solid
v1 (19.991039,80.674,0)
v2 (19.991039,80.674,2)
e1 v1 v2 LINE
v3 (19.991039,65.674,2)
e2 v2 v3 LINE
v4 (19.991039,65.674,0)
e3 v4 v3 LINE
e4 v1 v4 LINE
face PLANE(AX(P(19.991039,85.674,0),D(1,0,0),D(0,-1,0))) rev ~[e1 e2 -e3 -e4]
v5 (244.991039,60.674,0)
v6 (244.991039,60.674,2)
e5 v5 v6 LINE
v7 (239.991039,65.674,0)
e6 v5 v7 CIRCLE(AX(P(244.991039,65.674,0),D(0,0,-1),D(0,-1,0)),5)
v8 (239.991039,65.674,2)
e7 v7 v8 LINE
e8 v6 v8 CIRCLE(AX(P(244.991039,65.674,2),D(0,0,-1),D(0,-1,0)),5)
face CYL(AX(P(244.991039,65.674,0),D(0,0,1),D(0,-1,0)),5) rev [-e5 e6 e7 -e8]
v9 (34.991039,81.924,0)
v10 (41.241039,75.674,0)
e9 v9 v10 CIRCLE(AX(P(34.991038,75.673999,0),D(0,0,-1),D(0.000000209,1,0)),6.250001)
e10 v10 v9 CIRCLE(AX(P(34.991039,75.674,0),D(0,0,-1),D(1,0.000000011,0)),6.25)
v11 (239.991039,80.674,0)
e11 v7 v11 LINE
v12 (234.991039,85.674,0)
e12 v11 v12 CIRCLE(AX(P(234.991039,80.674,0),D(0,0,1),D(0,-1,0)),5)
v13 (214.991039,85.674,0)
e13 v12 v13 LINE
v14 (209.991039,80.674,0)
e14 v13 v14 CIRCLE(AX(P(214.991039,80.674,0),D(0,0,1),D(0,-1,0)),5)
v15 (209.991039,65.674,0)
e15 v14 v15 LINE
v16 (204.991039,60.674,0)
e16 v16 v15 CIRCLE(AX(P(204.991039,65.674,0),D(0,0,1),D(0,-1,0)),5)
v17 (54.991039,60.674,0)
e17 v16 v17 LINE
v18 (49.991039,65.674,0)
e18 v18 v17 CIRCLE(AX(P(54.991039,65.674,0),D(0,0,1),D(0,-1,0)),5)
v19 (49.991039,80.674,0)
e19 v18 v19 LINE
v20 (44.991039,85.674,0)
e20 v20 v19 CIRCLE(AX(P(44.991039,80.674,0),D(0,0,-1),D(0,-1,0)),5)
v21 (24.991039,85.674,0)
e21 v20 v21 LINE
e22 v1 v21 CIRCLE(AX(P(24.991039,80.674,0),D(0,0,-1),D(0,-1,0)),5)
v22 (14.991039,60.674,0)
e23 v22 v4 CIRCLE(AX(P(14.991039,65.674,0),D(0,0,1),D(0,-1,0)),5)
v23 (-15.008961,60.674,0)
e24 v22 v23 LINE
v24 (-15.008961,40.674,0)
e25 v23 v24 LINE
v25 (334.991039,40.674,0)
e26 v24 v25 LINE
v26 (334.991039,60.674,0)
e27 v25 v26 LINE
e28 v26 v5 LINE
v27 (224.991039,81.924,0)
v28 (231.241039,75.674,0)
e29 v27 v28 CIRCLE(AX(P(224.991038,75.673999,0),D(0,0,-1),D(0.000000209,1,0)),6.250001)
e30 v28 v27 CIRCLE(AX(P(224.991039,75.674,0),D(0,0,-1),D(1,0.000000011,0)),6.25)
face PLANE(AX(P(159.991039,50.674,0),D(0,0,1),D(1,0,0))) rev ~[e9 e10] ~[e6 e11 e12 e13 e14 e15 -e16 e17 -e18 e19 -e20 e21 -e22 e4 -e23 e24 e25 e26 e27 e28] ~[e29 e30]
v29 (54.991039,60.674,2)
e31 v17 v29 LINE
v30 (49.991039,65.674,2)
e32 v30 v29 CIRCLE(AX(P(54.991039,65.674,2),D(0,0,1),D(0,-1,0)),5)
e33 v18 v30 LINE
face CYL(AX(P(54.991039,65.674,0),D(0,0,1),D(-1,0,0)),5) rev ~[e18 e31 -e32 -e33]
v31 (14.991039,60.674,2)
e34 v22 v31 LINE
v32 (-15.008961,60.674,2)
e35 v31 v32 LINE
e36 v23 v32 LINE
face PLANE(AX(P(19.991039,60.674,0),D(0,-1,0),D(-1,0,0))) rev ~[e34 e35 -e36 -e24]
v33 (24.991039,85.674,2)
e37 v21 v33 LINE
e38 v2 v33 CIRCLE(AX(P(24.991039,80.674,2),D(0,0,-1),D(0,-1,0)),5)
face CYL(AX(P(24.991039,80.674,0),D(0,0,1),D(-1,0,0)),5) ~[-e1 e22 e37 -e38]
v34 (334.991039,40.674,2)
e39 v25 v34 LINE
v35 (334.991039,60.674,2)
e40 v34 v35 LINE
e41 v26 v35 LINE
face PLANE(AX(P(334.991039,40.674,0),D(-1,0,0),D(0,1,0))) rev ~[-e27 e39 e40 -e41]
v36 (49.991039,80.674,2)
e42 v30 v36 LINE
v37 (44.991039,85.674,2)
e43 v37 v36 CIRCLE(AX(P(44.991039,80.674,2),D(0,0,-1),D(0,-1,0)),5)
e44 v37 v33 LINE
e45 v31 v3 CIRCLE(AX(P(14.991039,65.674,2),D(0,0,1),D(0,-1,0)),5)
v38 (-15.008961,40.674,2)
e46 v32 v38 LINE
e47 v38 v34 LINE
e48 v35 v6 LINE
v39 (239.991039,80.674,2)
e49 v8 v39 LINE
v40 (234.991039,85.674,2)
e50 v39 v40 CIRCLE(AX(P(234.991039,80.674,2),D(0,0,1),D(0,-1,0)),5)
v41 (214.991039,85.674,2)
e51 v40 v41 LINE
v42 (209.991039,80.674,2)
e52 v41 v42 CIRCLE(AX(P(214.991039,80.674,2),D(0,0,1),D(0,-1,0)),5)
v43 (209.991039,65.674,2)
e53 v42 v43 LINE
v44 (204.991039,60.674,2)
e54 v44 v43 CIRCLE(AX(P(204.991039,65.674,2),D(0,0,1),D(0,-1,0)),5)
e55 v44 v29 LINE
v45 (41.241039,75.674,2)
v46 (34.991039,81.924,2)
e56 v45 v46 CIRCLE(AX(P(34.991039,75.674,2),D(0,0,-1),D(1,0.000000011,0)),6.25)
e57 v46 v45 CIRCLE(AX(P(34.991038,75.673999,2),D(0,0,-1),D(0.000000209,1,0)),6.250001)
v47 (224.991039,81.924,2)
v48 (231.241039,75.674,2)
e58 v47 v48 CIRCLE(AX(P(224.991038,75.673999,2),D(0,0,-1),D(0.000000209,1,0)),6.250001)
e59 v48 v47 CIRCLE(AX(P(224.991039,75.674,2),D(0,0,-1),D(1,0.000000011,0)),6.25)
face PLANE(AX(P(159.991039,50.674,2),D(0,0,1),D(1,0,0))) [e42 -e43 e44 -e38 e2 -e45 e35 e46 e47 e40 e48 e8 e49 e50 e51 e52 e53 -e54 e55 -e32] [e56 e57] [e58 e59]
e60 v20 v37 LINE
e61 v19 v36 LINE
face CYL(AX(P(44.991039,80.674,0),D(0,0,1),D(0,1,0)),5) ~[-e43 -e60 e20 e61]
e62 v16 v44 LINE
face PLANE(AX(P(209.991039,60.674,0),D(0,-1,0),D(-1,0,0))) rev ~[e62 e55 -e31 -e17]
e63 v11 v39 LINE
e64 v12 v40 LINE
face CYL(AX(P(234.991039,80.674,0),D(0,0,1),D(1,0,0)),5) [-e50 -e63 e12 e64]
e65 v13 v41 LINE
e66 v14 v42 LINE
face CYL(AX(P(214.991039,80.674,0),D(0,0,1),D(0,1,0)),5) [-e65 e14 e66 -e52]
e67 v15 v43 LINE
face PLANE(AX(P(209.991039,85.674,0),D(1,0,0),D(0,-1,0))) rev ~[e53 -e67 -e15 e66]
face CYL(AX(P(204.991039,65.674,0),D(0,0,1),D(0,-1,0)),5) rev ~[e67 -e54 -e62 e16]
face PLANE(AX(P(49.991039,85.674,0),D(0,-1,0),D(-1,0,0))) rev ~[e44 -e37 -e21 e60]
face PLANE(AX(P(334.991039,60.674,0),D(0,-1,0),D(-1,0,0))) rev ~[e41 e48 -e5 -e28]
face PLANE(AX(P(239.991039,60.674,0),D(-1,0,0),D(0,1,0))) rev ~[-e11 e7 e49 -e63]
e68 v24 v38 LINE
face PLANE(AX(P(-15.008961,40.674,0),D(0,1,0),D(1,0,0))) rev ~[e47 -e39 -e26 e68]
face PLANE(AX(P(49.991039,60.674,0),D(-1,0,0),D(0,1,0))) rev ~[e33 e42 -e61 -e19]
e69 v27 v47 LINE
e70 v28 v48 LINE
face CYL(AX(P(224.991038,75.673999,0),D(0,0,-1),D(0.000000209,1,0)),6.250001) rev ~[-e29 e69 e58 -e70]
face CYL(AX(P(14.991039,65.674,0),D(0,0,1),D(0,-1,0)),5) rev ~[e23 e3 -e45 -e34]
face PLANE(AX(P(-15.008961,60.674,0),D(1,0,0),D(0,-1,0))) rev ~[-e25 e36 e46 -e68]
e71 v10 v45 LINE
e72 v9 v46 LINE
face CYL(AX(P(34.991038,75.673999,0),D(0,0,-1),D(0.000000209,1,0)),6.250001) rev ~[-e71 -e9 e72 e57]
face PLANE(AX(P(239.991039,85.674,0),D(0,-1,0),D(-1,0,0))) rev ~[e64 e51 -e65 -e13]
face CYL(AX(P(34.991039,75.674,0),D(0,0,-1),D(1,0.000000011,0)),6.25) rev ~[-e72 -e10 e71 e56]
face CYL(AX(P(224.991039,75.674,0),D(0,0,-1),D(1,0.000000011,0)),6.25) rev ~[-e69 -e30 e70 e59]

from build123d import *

# Parameters (mm, degrees)
F1_DEPTH = 2
F2_R     = 5


with BuildPart() as f1:
    # F0 (on Top) → F1 (new body)
    with BuildSketch(Plane.XY):
        Polygon((19.991039, 60.674), (-15.008961, 60.674), (-15.008961, 40.674), (334.991039, 40.674), (334.991039, 60.674), (239.991039, 60.674), (209.991039, 60.674), (49.991039, 60.674), align=None)
        Polygon((19.991039, 85.674), (19.991039, 60.674), (49.991039, 60.674), (49.991039, 85.674), (34.991039, 85.674), align=None)
        with BuildLine():
            ThreePointArc((41.241039, 75.674), (30.571621, 71.254583), (34.991039, 81.924))
            ThreePointArc((34.991039, 81.924), (39.410456, 80.093417), (41.241039, 75.674))
        make_face(mode=Mode.SUBTRACT)
        Polygon((209.991039, 85.674), (209.991039, 60.674), (239.991039, 60.674), (239.991039, 85.674), (224.991039, 85.674), align=None)
        with BuildLine():
            ThreePointArc((231.241039, 75.674), (220.571621, 71.254583), (224.991039, 81.924))
            ThreePointArc((224.991039, 81.924), (229.410456, 80.093417), (231.241039, 75.674))
        make_face(mode=Mode.SUBTRACT)
    extrude(amount=F1_DEPTH)

    # F2
    f2_edges = [f1.edges().sort_by_distance(p)[0] for p in [
        (19.991039, 60.674, 1),
        (49.991039, 60.674, 1),
        (209.991039, 60.674, 1),
        (239.991039, 60.674, 1),
        (239.991039, 85.674, 1),
        (209.991039, 85.674, 1),
        (19.991039, 85.674, 1),
        (49.991039, 85.674, 1),
    ]]
    fillet(f2_edges, radius=F2_R)


solid = f1.part
